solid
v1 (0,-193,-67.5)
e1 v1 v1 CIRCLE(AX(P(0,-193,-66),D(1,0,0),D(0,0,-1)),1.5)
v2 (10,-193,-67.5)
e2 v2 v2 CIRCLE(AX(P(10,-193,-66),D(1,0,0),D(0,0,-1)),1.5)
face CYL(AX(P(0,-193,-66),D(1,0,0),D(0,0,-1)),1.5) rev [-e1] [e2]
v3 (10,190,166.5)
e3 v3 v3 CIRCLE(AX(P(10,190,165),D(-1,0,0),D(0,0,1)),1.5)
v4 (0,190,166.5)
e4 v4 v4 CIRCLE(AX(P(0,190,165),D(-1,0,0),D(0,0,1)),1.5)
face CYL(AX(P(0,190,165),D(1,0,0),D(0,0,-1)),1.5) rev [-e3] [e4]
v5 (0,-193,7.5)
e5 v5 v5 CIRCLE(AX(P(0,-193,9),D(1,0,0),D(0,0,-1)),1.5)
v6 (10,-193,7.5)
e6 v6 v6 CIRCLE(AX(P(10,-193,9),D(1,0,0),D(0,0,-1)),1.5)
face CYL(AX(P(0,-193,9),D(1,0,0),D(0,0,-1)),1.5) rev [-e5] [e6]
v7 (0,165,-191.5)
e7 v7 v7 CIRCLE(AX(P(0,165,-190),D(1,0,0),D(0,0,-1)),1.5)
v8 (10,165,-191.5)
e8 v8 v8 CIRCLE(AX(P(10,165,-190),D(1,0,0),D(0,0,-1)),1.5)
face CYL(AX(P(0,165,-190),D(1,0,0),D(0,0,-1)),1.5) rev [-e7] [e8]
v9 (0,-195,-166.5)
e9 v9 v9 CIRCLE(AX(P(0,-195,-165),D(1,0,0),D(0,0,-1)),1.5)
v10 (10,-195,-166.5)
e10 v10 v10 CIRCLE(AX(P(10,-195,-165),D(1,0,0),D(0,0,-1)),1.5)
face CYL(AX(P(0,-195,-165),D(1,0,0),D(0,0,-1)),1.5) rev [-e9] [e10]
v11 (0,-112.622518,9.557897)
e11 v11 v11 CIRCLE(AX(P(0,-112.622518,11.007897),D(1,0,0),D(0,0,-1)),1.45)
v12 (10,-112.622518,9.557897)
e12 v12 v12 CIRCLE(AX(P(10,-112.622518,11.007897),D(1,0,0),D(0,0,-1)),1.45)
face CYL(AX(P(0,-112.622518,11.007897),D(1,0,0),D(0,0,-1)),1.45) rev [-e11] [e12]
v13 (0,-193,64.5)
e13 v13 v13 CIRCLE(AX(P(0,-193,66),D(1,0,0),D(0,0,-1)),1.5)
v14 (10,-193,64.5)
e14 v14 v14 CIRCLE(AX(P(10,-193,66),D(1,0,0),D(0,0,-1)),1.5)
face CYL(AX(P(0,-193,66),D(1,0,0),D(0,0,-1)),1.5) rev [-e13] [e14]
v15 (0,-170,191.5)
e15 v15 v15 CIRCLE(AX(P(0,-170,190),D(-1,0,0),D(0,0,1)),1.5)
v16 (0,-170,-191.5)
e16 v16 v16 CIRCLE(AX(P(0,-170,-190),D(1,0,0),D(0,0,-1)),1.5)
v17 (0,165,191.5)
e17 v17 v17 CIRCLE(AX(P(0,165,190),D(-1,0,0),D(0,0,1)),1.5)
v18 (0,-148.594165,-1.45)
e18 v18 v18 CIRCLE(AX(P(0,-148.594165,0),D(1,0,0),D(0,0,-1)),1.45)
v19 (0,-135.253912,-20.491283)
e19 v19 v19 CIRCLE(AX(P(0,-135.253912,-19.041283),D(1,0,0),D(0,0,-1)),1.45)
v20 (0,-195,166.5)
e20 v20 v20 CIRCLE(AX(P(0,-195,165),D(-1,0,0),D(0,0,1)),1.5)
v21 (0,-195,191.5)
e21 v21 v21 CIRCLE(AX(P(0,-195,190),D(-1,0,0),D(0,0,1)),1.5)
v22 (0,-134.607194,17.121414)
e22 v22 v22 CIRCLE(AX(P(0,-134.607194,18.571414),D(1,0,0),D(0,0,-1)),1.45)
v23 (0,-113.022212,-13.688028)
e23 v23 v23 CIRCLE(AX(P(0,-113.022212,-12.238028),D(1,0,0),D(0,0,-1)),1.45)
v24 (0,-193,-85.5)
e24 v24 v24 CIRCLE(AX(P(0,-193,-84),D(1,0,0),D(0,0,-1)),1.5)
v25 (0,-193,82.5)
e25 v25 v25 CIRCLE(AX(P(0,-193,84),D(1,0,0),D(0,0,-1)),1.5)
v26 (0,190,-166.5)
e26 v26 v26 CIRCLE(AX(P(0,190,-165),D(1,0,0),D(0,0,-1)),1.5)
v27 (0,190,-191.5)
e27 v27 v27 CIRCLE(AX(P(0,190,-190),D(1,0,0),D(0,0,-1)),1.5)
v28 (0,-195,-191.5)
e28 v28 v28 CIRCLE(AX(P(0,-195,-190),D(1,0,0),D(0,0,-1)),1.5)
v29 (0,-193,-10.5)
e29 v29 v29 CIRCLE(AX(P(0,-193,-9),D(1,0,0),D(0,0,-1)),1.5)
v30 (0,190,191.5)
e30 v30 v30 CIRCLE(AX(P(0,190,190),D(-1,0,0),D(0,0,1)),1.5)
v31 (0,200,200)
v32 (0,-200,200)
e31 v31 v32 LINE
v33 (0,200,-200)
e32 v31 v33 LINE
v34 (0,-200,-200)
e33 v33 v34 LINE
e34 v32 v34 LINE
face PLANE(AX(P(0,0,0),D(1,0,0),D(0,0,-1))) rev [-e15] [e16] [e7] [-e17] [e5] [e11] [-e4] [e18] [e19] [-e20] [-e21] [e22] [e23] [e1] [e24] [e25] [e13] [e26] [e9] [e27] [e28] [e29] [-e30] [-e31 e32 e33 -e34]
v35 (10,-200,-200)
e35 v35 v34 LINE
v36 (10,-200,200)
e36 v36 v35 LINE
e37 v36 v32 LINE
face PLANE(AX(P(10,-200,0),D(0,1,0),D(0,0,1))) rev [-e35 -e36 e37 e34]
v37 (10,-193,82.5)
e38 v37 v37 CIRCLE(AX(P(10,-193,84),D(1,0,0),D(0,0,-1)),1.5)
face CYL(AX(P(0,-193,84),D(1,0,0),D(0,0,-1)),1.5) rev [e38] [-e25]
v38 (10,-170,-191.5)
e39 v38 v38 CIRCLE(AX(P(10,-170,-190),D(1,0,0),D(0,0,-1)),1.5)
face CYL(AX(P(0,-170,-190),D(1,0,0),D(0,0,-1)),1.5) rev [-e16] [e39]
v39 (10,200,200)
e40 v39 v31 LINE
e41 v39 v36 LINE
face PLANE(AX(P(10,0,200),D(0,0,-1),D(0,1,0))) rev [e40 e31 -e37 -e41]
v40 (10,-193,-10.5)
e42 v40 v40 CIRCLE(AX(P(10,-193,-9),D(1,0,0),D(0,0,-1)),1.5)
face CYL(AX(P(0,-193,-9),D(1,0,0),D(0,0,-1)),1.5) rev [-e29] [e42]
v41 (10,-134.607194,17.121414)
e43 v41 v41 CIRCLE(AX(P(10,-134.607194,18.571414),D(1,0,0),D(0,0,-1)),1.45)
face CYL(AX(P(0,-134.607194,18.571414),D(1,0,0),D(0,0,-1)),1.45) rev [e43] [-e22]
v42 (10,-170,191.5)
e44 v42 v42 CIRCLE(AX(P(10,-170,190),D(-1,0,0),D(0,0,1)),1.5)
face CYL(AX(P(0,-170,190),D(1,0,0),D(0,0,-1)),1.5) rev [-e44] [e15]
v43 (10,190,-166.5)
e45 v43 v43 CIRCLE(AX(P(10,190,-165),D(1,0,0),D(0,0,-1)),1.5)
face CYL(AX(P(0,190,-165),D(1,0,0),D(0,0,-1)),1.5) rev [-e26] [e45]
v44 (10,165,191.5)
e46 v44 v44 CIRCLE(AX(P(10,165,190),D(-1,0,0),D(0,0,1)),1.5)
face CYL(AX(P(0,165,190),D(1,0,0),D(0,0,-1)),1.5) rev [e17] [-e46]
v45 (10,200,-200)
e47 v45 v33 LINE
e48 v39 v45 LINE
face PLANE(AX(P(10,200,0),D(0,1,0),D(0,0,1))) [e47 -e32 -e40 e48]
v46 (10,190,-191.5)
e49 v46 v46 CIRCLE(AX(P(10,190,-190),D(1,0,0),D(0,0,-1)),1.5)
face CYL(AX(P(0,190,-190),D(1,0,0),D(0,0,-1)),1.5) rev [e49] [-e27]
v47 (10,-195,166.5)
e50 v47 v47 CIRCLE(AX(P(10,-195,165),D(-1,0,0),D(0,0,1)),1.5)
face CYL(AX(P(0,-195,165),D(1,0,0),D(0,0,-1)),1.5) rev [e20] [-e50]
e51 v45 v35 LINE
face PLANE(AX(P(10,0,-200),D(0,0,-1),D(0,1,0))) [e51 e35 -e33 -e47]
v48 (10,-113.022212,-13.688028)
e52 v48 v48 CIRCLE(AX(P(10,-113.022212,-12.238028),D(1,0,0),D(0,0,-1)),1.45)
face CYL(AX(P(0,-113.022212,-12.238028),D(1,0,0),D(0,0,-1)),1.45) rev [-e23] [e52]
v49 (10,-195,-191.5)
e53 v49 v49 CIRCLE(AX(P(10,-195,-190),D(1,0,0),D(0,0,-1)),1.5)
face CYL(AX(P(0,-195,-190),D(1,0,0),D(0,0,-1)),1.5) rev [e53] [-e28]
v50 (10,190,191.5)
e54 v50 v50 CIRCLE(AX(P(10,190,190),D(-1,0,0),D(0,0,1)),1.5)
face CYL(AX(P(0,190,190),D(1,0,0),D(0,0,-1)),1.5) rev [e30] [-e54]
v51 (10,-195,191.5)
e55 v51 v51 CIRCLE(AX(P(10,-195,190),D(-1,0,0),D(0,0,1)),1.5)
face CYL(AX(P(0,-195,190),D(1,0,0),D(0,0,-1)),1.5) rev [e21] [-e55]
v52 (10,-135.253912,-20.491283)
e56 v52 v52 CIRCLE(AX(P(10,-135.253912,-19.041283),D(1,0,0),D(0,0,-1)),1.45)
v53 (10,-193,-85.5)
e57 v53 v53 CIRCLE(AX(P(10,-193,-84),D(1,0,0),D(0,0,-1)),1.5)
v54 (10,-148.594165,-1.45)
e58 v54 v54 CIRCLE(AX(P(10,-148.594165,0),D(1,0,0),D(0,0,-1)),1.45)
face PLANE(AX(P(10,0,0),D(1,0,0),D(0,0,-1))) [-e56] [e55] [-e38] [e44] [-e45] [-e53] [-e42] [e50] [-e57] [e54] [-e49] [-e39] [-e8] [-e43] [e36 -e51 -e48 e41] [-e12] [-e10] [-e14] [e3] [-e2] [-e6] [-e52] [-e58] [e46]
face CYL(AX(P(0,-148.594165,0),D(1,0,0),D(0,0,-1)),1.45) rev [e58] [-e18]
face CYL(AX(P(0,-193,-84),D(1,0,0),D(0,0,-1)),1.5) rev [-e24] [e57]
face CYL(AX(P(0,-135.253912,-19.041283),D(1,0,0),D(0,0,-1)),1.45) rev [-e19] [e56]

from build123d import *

# Parameters (mm, degrees)
SKETCH_1_W          = 400
SKETCH_1_H          = 400
EXTRUDE_1_DEPTH     = 10
SKETCH_2_R          = 1.5
CUT_EXTRUDE_1_DEPTH = 10
SKETCH_3_R          = 1.5
CUT_EXTRUDE_2_DEPTH = 10
SKETCH_4_R          = 1.45
CUT_EXTRUDE_3_DEPTH = 10


with BuildPart() as part:
    # 草图1 → 凸台-拉伸1 (new body)
    with BuildSketch(Plane(origin=(0, 0, 0), x_dir=(0, 0, -1), z_dir=(1, 0, 0))):
        Rectangle(SKETCH_1_W, SKETCH_1_H)
    extrude(amount=EXTRUDE_1_DEPTH)

    # 草图2 → 切除-拉伸1 (cut)
    with BuildSketch(Plane(origin=(10, 0, 0), x_dir=(0, 0, -1), z_dir=(1, 0, 0))):
        with Locations((190, 190)):
            Circle(SKETCH_2_R)
        with Locations((165, 190)):
            Circle(SKETCH_2_R)
        with Locations((190, 165)):
            Circle(SKETCH_2_R)
        with Locations((190, -195)):
            Circle(SKETCH_2_R)
        with Locations((165, -195)):
            Circle(SKETCH_2_R)
        with Locations((190, -170)):
            Circle(SKETCH_2_R)
    cut_extrude_1 = extrude(amount=-CUT_EXTRUDE_1_DEPTH, mode=Mode.SUBTRACT)

    # 草图3 → 切除-拉伸2 (cut)
    with BuildSketch(Plane(origin=(10, 0, 0), x_dir=(0, 0, -1), z_dir=(1, 0, 0))):
        with Locations((-84, -193)):
            Circle(SKETCH_3_R)
        with Locations((-66, -193)):
            Circle(SKETCH_3_R)
        with Locations((-9, -193)):
            Circle(SKETCH_3_R)
        with Locations((9, -193)):
            Circle(SKETCH_3_R)
        with Locations((66, -193)):
            Circle(SKETCH_3_R)
        with Locations((84, -193)):
            Circle(SKETCH_3_R)
    extrude(amount=-CUT_EXTRUDE_2_DEPTH, mode=Mode.SUBTRACT)

    # 镜向1: 切除-拉伸1 across plane
    add(cut_extrude_1.mirror(Plane.XY), mode=Mode.SUBTRACT)

    # 草图4 → 切除-拉伸3 (cut)
    with BuildSketch(Plane(origin=(10, 0, 0), x_dir=(0, 0, -1), z_dir=(1, 0, 0))):
        with Locations((-11.007896697, -112.622517601)):
            Circle(SKETCH_4_R)
        with Locations((12.238028253, -113.022211572)):
            Circle(SKETCH_4_R)
        with Locations((-18.571414113, -134.607193773)):
            Circle(SKETCH_4_R)
        with Locations((19.041282557, -135.253912204)):
            Circle(SKETCH_4_R)
        with Locations((0, -148.59416485)):
            Circle(SKETCH_4_R)
    extrude(amount=-CUT_EXTRUDE_3_DEPTH, mode=Mode.SUBTRACT)


solid = part.part
